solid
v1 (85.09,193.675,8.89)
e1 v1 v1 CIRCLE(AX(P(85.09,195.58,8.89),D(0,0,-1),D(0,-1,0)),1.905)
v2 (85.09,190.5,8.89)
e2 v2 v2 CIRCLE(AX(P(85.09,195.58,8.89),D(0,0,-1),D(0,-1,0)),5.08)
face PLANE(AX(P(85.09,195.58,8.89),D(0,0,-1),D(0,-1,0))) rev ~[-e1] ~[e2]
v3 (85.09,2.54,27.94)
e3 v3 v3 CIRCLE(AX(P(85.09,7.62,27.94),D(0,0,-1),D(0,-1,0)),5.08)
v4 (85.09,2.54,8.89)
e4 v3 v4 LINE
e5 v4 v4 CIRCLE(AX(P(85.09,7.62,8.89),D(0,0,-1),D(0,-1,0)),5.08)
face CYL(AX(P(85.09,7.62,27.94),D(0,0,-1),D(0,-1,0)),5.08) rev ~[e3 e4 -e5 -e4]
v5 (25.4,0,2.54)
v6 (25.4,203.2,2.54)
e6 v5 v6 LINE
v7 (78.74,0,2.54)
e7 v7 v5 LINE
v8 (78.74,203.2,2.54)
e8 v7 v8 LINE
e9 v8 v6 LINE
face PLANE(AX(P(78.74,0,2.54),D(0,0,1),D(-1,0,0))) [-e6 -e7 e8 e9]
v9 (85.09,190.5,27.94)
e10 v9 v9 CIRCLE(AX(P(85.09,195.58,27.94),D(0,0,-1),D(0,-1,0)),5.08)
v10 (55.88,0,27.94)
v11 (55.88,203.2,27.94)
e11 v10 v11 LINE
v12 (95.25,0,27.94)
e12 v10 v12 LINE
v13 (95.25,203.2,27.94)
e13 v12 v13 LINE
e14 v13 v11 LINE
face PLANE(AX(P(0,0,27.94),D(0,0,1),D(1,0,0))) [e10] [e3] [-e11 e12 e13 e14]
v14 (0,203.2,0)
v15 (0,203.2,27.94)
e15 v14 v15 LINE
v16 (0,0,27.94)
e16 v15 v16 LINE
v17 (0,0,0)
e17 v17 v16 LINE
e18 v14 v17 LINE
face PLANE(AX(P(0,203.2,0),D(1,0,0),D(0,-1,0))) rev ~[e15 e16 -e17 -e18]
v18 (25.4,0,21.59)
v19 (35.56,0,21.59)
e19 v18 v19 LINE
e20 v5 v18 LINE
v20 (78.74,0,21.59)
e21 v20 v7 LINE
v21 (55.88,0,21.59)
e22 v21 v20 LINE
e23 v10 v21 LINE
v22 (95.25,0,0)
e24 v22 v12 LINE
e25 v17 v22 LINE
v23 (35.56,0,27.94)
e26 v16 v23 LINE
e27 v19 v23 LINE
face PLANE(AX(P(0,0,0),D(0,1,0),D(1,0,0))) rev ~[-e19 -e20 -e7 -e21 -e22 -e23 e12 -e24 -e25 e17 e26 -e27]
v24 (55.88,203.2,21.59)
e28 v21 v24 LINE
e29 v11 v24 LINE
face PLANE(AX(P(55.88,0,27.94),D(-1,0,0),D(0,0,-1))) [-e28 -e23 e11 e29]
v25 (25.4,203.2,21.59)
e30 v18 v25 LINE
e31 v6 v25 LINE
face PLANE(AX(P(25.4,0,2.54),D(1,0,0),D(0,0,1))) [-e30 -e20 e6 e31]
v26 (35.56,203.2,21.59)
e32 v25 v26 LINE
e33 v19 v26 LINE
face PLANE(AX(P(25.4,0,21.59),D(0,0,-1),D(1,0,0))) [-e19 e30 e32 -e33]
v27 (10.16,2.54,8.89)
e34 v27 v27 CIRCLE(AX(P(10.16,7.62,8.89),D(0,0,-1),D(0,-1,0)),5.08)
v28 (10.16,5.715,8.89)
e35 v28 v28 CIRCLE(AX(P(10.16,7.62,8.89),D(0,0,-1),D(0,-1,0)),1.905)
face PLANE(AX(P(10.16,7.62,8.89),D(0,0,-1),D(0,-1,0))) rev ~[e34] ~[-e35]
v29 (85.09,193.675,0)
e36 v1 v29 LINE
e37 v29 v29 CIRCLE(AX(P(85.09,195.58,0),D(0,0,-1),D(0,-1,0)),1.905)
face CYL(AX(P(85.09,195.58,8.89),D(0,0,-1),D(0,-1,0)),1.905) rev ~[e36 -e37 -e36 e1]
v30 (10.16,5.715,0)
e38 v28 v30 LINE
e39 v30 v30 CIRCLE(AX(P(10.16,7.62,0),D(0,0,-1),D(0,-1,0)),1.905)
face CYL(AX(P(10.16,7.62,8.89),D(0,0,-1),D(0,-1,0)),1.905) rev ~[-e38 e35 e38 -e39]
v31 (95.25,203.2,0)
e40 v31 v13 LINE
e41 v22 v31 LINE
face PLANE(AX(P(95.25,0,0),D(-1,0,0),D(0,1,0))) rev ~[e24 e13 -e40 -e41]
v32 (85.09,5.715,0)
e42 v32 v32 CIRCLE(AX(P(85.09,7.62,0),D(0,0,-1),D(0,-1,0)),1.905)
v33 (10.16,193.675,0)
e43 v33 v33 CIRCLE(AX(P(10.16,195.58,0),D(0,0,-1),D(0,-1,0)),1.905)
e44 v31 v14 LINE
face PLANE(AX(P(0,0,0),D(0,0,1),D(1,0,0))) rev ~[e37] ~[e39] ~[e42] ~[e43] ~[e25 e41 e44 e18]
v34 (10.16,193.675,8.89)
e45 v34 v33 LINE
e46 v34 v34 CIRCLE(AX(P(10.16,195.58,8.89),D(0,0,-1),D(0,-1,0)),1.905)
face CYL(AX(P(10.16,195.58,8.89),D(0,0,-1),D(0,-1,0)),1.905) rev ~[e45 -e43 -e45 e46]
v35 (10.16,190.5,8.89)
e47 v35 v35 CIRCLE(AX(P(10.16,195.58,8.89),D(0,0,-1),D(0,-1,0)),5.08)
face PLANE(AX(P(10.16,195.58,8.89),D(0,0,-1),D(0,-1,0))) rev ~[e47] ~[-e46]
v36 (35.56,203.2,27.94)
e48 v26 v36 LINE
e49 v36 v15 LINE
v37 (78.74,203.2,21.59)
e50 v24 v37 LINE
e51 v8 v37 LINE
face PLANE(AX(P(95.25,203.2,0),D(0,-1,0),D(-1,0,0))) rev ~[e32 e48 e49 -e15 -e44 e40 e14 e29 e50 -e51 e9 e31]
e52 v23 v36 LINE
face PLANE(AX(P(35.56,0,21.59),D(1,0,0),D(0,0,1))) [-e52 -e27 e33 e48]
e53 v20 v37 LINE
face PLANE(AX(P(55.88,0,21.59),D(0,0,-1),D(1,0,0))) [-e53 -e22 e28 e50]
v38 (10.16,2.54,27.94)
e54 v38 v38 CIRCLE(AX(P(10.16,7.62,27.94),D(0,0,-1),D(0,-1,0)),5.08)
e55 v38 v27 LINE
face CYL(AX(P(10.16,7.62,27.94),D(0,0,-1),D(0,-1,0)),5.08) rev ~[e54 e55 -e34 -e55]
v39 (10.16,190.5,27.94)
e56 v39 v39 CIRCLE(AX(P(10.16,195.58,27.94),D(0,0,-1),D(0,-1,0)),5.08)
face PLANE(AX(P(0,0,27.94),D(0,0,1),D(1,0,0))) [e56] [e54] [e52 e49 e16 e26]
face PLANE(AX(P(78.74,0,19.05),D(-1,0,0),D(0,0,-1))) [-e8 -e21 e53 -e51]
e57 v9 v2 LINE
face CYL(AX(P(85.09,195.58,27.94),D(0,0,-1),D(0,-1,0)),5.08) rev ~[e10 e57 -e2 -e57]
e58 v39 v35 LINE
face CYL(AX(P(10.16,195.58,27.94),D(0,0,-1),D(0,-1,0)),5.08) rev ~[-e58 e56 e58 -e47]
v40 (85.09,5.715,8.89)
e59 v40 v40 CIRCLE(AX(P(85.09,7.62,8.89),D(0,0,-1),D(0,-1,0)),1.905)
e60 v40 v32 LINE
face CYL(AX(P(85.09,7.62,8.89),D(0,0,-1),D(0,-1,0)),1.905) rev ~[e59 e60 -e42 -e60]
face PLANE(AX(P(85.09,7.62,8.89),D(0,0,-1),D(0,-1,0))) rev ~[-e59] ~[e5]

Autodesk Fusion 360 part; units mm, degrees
sketch "Sketch1" plane through (0, 0, 0) normal (0, 0, 1) x (1, 0, 0)
  line L0 (0, 0) -> (95.25, 0)
  line L1 (95.25, 0) -> (95.25, 203.2)
  line L2 (95.25, 203.2) -> (0, 203.2)
  line L3 (0, 203.2) -> (0, 0)
  dimension "d1" = 95.25
  dimension "d2" = 203.2
extrude "Extrude1" add sketch "Sketch1" along normal blind 27.94
sketch "Sketch3" plane through (0, 0, 0) normal (0, -1, 0) x (1, 0, 0)
  line L0 (0, 0) -> (95.25, 0)
  line L1 (95.25, 0) -> (95.25, 27.94)
  line L2 (95.25, 27.94) -> (0, 27.94)
  line L3 (0, 27.94) -> (0, 0)
  line L4 (95.25, 27.94) -> (49.53, 27.94)
  line L5 (35.56, 27.94) -> (55.88, 27.94)
  line L6 (55.88, 27.94) -> (55.88, 15.24)
  line L7 (55.88, 15.24) -> (35.56, 15.24)
  line L8 (35.56, 15.24) -> (35.56, 27.94)
  line L9 (95.25, 19.05) -> (59.69, 19.05)
  line L10 (0, 21.59) -> (25.4, 21.59)
  line L11 (25.4, 21.59) -> (78.74, 21.59)
  line L12 (78.74, 21.59) -> (78.74, 2.54)
  line L13 (78.74, 2.54) -> (25.4, 2.54)
  line L14 (25.4, 2.54) -> (25.4, 21.59)
  dimension "d21" = 45.72
  dimension "d22" = 12.7
  dimension "d29" = 53.34
  dimension "d30" = 20.32
  dimension "d55" = 19.05
  dimension "d56" = 2.54
  dimension "d57" = 15.24
  dimension "d58" = 35.56
  dimension "d59" = 25.4
extrude "Extrude3" cut sketch "Sketch3" against normal blind 241.3 contours L6 L7 L8 L11 L12 L13 L14 | L2 L4 L5 L6 L8 L11 | L6 L7 L8 L11
sketch "Sketch5" plane through (0, 0, 27.94) normal (0, 0, 1) x (-1, 0, 0)
  line L0 (-35.56, -203.2) -> (0, -203.2)
  line L1 (0, -203.2) -> (0, 0)
  line L2 (0, 0) -> (-35.56, 0)
  circle A0 centre (-10.16, -7.62) radius 2.54
  circle A1 centre (-10.16, -195.58) radius 2.54
  line L3 (-35.56, 0) -> (-35.56, -203.2)
  dimension "d31" = 5.08
  dimension "d32" = 7.62
  dimension "d33" = 5.08
  dimension "d34" = 10.16
  dimension "d35" = 7.62
  dimension "d41" = 10.16
hole "Hole1" at (10.16, 195.58, 27.94) at (10.16, 7.62, 27.94) direction (0, 0, -1) diameter 3.81 depth 48.26 tip angle 118 counterbore diameter 10.16 counterbore depth 19.05
sketch "Sketch6" plane through (0, 0, 27.94) normal (0, 0, 1) x (-1, 0, 0)
  line L0 (-55.88, 0) -> (-95.25, 0)
  line L1 (-95.25, 0) -> (-95.25, -203.2)
  line L2 (-95.25, -203.2) -> (-55.88, -203.2)
  circle A0 centre (-85.09, -7.62) radius 2.54
  circle A1 centre (-85.09, -195.58) radius 2.54
  line L3 (-55.88, -203.2) -> (-55.88, 0)
  dimension "d42" = 5.08
  dimension "d43" = 10.16
  dimension "d44" = 7.62
  dimension "d45" = 5.08
  dimension "d46" = 7.62
  dimension "d47" = 10.16
hole "Hole2" at (85.09, 7.62, 27.94) at (85.09, 195.58, 27.94) direction (0, 0, -1) diameter 3.81 depth 45.72 tip angle 118 counterbore diameter 10.16 counterbore depth 19.05
